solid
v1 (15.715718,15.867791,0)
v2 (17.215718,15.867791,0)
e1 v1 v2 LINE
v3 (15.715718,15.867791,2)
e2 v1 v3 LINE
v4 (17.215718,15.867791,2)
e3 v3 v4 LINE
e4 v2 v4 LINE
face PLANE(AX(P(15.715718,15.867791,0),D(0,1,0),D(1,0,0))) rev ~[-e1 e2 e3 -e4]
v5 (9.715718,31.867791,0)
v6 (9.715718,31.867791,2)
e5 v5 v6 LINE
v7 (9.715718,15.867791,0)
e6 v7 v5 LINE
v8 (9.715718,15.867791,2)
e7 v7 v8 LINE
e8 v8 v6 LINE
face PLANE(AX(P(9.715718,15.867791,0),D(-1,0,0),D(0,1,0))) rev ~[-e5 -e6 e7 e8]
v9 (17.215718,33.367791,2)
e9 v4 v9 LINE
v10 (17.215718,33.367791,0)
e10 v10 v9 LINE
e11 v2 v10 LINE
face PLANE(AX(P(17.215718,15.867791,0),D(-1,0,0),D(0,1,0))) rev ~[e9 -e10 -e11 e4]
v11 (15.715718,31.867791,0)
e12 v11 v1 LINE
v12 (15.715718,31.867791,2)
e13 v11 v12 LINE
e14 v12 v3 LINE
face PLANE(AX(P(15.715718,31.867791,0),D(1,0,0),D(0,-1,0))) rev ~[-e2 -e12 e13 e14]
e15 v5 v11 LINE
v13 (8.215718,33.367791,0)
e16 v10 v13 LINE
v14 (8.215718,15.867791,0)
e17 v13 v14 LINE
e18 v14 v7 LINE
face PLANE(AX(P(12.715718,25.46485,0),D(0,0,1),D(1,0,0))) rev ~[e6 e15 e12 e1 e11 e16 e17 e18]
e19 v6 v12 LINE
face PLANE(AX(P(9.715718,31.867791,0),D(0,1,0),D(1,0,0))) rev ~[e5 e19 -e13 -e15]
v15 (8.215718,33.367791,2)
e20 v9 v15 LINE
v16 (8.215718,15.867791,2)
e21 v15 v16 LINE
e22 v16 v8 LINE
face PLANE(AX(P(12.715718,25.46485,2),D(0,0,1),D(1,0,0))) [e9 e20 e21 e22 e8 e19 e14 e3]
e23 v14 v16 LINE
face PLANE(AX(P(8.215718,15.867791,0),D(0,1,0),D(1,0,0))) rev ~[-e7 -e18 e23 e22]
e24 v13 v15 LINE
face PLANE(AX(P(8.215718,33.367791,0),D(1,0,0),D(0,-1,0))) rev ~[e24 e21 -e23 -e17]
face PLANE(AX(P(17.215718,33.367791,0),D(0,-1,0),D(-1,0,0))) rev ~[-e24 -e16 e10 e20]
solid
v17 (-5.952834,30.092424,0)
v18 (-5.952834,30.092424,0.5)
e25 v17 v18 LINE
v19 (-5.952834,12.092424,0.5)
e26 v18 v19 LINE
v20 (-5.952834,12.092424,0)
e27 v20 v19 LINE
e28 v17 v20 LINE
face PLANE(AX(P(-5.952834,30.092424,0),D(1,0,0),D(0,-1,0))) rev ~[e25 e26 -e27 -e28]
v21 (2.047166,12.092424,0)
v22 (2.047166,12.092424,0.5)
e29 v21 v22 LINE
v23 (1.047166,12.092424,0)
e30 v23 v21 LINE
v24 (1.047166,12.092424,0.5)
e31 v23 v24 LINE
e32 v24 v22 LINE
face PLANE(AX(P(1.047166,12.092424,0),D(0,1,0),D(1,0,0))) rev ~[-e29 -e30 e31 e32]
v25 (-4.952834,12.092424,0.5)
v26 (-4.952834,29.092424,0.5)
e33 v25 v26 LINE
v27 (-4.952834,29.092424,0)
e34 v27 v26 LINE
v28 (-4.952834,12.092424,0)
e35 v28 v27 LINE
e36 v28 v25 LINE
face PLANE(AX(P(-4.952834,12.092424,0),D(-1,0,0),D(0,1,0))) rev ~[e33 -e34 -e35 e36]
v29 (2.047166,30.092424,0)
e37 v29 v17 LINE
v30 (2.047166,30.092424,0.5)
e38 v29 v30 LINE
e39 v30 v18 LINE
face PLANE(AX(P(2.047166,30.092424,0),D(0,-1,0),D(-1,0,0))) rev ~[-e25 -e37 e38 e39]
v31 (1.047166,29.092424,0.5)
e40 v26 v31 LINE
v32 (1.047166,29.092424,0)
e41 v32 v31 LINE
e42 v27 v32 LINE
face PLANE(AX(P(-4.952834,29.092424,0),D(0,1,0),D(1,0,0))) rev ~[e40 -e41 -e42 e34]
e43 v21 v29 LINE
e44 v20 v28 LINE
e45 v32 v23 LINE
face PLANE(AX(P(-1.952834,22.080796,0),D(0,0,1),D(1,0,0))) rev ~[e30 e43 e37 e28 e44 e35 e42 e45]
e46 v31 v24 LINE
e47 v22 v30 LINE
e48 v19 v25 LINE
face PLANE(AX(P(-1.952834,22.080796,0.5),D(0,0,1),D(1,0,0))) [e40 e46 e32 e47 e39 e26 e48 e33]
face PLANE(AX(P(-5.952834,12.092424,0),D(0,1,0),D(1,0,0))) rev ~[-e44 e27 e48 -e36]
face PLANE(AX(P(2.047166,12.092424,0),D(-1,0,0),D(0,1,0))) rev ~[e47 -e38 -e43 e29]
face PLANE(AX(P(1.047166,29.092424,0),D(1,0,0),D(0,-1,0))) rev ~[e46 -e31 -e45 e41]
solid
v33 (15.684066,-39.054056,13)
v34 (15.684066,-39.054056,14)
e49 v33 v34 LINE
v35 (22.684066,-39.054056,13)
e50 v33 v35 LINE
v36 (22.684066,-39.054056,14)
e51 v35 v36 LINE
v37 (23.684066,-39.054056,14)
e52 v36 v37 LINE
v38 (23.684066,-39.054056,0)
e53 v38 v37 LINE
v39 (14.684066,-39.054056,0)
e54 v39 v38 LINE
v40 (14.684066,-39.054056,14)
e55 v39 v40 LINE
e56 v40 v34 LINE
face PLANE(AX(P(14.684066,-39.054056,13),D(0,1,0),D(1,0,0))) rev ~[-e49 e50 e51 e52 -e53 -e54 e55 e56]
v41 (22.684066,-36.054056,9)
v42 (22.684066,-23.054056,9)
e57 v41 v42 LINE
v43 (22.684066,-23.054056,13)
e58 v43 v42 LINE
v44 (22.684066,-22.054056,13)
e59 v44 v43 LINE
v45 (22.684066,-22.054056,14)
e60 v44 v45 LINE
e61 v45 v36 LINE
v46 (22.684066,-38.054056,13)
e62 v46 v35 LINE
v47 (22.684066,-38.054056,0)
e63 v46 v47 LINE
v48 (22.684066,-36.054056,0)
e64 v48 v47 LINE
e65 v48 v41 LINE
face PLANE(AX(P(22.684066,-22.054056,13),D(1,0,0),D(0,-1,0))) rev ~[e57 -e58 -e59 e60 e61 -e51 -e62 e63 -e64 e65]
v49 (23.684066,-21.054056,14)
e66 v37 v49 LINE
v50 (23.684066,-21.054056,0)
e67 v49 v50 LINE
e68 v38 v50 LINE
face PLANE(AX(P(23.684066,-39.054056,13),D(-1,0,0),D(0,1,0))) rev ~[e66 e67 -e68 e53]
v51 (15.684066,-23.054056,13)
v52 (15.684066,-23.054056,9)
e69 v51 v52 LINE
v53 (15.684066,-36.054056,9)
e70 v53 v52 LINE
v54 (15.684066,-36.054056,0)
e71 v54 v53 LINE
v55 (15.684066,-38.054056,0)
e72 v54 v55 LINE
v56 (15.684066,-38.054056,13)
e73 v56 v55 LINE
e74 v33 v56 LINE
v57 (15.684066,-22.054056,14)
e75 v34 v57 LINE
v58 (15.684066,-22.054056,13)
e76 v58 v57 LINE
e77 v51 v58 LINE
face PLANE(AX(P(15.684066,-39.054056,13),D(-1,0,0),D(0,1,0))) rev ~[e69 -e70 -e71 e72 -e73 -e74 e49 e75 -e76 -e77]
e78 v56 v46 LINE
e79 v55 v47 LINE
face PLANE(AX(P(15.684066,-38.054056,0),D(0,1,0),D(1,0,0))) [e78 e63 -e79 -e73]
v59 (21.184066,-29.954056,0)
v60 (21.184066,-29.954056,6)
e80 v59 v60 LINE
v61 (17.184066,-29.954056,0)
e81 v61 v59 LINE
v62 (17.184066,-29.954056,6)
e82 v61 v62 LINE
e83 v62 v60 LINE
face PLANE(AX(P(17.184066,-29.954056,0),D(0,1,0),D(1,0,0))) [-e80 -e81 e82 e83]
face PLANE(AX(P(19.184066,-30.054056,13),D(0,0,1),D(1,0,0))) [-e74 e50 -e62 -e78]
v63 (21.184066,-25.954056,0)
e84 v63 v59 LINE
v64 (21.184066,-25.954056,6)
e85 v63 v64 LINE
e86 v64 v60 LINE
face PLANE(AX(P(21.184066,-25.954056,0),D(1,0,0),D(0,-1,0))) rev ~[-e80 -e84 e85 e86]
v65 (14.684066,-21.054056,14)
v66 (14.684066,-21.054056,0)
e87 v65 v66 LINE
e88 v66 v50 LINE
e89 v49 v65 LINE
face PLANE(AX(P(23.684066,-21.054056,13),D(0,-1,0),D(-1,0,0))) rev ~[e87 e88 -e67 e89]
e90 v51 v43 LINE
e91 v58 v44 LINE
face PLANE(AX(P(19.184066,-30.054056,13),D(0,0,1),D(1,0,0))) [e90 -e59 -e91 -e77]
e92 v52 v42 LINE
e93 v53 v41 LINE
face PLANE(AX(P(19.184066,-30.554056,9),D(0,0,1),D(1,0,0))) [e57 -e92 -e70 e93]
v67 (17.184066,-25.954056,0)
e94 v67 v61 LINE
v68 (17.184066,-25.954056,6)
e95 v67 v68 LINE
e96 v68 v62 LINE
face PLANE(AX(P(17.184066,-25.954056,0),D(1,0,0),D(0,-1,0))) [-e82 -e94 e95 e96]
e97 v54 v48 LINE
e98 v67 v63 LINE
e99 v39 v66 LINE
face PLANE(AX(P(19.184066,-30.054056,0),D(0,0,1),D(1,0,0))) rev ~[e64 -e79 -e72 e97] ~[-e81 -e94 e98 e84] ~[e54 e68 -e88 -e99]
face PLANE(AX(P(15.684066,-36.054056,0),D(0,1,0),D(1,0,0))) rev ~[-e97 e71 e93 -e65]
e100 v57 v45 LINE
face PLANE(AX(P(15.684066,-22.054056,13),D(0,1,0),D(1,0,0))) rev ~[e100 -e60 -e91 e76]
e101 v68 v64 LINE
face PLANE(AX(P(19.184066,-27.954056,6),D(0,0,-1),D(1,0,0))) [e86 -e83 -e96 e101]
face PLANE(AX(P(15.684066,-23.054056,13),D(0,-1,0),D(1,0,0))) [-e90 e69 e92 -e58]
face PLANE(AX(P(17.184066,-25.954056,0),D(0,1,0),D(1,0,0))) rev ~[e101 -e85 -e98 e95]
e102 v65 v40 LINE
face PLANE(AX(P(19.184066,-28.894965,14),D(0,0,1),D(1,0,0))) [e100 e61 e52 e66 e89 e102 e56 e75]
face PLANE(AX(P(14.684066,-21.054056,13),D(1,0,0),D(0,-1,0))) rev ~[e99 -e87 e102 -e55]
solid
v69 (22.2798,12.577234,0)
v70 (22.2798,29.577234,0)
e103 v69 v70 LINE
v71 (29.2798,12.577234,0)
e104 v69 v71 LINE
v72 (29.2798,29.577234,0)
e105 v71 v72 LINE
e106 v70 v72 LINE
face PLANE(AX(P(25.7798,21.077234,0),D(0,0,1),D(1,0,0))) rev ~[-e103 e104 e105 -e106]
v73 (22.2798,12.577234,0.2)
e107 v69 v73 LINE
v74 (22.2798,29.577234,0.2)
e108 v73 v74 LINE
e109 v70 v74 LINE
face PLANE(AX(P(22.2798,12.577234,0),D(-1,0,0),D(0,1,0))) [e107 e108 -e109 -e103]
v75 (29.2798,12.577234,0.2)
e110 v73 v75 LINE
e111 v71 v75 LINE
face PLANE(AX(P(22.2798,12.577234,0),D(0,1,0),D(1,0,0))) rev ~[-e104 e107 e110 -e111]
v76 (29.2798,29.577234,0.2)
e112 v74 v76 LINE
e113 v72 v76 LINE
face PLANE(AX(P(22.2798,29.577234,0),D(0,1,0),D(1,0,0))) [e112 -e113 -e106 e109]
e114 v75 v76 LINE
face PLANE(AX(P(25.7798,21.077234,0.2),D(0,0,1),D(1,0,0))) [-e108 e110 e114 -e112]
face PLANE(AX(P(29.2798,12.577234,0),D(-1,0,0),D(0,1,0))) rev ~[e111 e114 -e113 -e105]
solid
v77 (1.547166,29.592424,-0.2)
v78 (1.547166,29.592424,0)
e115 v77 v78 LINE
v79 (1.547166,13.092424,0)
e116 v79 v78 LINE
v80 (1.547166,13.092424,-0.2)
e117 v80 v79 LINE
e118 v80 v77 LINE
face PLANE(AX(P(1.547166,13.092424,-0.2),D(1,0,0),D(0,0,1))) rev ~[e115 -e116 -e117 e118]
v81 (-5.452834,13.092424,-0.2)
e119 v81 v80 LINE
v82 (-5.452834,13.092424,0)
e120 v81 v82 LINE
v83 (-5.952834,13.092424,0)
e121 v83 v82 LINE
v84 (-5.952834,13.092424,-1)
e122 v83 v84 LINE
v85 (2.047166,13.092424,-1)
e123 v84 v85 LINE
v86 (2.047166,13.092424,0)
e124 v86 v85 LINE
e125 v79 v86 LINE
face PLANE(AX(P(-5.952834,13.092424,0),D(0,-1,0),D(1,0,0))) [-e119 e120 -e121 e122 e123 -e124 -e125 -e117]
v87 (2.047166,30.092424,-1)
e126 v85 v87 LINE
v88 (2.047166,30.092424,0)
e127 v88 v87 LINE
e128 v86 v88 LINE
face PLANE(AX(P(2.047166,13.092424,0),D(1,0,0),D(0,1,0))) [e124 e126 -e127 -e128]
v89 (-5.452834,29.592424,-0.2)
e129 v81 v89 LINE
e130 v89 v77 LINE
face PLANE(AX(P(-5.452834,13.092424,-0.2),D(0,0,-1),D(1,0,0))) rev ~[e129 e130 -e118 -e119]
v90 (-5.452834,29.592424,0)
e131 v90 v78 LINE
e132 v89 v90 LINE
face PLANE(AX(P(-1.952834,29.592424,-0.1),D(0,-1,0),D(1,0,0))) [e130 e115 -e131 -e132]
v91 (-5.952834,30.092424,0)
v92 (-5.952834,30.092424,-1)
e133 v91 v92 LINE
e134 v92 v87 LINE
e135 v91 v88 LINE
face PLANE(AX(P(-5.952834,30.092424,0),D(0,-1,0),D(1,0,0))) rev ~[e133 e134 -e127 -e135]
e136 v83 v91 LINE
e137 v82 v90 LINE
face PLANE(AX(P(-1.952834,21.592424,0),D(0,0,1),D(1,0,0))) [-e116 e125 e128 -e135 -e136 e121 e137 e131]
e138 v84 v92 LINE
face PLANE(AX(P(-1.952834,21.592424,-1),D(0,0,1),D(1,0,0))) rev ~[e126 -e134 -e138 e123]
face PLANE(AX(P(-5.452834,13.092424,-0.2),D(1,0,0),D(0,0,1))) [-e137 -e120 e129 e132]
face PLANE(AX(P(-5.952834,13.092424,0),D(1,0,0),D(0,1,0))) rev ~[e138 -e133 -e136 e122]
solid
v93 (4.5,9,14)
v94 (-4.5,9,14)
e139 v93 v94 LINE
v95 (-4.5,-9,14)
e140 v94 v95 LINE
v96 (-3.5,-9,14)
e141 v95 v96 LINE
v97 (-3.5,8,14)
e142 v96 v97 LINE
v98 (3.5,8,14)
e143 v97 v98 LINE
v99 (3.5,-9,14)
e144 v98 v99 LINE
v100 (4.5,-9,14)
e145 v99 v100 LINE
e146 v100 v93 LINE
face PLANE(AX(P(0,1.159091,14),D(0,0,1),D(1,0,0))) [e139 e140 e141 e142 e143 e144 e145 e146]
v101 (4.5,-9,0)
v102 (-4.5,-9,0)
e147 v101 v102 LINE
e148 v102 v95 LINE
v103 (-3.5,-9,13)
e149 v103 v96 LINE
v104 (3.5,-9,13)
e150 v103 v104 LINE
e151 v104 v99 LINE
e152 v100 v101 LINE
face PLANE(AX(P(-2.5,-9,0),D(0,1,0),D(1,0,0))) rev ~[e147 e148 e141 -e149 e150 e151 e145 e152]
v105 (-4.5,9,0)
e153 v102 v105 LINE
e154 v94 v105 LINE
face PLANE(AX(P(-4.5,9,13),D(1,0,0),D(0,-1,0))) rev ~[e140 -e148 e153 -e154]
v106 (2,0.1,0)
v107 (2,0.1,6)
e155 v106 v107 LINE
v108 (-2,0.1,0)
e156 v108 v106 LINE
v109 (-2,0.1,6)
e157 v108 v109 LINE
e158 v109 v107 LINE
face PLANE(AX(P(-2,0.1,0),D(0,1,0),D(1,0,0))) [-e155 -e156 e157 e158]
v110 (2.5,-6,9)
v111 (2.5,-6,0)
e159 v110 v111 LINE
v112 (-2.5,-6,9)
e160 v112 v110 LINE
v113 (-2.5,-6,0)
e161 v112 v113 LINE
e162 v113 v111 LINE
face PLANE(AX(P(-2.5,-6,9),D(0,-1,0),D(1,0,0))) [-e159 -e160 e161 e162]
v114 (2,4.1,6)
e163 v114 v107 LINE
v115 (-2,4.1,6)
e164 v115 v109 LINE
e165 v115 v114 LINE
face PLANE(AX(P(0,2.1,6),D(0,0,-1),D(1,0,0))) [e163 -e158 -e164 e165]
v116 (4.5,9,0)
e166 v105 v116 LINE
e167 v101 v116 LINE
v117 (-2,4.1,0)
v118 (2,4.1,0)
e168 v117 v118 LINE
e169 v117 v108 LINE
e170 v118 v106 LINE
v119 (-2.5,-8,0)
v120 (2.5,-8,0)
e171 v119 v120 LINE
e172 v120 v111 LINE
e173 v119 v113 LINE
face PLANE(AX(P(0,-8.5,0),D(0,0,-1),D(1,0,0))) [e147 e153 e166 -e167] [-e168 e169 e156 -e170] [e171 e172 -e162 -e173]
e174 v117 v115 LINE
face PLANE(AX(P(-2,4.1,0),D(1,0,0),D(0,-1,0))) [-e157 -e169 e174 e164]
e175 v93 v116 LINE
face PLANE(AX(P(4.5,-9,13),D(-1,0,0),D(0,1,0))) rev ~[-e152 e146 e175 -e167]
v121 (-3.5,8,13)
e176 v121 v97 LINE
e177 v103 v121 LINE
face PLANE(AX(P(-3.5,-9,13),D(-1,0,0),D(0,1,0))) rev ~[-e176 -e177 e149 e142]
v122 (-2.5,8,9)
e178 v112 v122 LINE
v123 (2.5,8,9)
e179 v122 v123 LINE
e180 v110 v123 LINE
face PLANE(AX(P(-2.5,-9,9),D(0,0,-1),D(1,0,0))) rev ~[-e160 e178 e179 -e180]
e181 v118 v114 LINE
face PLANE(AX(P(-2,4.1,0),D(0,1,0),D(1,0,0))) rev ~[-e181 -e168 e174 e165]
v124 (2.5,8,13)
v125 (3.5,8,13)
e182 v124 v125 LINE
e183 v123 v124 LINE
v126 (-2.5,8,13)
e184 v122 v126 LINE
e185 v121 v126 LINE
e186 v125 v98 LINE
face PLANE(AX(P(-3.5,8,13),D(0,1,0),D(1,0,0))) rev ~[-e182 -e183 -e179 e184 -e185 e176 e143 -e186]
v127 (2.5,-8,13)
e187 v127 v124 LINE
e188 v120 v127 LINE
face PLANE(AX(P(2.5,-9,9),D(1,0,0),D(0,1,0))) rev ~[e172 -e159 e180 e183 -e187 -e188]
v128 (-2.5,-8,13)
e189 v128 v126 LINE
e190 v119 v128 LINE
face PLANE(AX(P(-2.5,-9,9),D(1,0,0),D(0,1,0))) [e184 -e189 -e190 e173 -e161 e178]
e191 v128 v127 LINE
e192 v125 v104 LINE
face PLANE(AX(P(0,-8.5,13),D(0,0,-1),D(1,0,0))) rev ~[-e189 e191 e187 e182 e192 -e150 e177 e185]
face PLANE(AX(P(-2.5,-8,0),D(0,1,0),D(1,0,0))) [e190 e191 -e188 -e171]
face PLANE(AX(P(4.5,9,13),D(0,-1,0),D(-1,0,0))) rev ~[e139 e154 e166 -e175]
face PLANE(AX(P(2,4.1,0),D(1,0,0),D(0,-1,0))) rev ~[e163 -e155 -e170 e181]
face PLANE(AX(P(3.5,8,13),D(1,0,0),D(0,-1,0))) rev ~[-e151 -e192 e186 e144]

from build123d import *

# Parameters (mm, degrees)
F0_W      = 9
F0_H      = 18
F1_DEPTH  = 13
F2_W      = 4
F2_H      = 4
F3_DEPTH  = 6
F4_W      = 5
F4_H      = 4
F5_DEPTH  = 17
F7_DEPTH  = 0.5
F8_W      = 8
F8_H      = 17
F9_DEPTH  = 1
F10_W     = 7
F10_H     = 0.2
F11_DEPTH = 16.5
F13_DEPTH = 2
F14_W     = 7
F14_H     = 17
F15_DEPTH = 0.2
F16_W     = 5
F16_H     = 3
F17_DEPTH = 25
F19_DEPTH = 1
F20_W     = 5
F20_H     = 1
F21_DEPTH = 13
F22_W     = 9
F22_H     = 18
F23_DEPTH = 13
F24_W     = 7
F24_H     = 15
F25_DEPTH = 4
F26_W     = 4
F26_H     = 4
F27_DEPTH = 6
F26_W_2   = 7
F26_H_2   = 2
F28_DEPTH = 9
F30_DEPTH = 1


with BuildPart() as f1:
    # F0 (on Top) → F1 (new body)
    with BuildSketch(Plane.XY):
        Rectangle(F0_W, F0_H)
    extrude(amount=F1_DEPTH)

    # F2 (on face) → F3 (cut)
    with BuildSketch(Plane(origin=(0, 0, 0), x_dir=(1, 0, 0), z_dir=(0, 0, -1))):
        with Locations((0, -2.1)):
            Rectangle(F2_W, F2_H)
    extrude(amount=-F3_DEPTH, mode=Mode.SUBTRACT)

    # F4 (on face) → F5 (cut)
    with BuildSketch(Plane.XZ.offset(9)):
        with Locations((0, 11)):
            Rectangle(F4_W, F4_H)
    extrude(amount=-F5_DEPTH, mode=Mode.SUBTRACT)

    # F16 (on face) → F17 (cut)
    with BuildSketch(Plane.XY.offset(9)):
        with Locations((0, -7.5)):
            Rectangle(F16_W, F16_H)
    extrude(amount=-F17_DEPTH, mode=Mode.SUBTRACT)

    # F18 (on face) → F19 (join)
    with BuildSketch(Plane.XY.offset(13)):
        Polygon((-4.5, 9), (-4.5, -9), (-3.5, -9), (-3.5, 8), (3.5, 8), (3.5, -9), (4.5, -9), (4.5, 9), align=None)
    extrude(amount=F19_DEPTH)

    # F20 (on face) → F21 (join)
    with BuildSketch(Plane(origin=(0, 0, 0), x_dir=(1, 0, 0), z_dir=(0, 0, -1))):
        with Locations((0, 8.5)):
            Rectangle(F20_W, F20_H)
    extrude(amount=-F21_DEPTH)


with BuildPart() as f7:
    # F6 (on Top) → F7 (new body)
    with BuildSketch(Plane.XY):
        Polygon((-5.952834, 30.092424), (-5.952834, 12.092424), (-4.952834, 12.092424), (-4.952834, 29.092424), (1.047166, 29.092424), (1.047166, 12.092424), (2.047166, 12.092424), (2.047166, 30.092424), align=None)
    extrude(amount=F7_DEPTH)


with BuildPart() as f9:
    # F8 (on Top) → F9 (new body)
    with BuildSketch(Plane.XY):
        with Locations((-1.952834, 21.592424)):
            Rectangle(F8_W, F8_H)
    extrude(amount=-F9_DEPTH)

    # F10 (on face) → F11 (cut)
    with BuildSketch(Plane.XZ.offset(-13.092424)):
        with Locations((-1.952834, -0.1)):
            Rectangle(F10_W, F10_H)
    extrude(amount=-F11_DEPTH, mode=Mode.SUBTRACT)


with BuildPart() as f13:
    # F12 (on Top) → F13 (new body)
    with BuildSketch(Plane.XY):
        Polygon((8.215718, 33.367791), (8.215718, 15.867791), (9.715718, 15.867791), (9.715718, 31.867791), (15.715718, 31.867791), (15.715718, 15.867791), (17.215718, 15.867791), (17.215718, 33.367791), align=None)
    extrude(amount=F13_DEPTH)


with BuildPart() as f15:
    # F14 (on Top) → F15 (new body)
    with BuildSketch(Plane.XY):
        with Locations((25.7798, 21.077234)):
            Rectangle(F14_W, F14_H)
    extrude(amount=F15_DEPTH)


with BuildPart() as f23:
    # F22 (on Top) → F23 (new body)
    with BuildSketch(Plane.XY):
        with Locations((19.184066, -30.054056)):
            Rectangle(F22_W, F22_H)
    extrude(amount=F23_DEPTH)

    # F24 (on face) → F25 (cut)
    with BuildSketch(Plane.XY.offset(13)):
        with Locations((19.184066, -30.554056)):
            Rectangle(F24_W, F24_H)
    extrude(amount=-F25_DEPTH, mode=Mode.SUBTRACT)

    # F26 (on face) → F27 (cut)
    with BuildSketch(Plane(origin=(0, 0, 0), x_dir=(1, 0, 0), z_dir=(0, 0, -1))):
        with Locations((19.184066, 27.954056)):
            Rectangle(F26_W, F26_H)
    extrude(amount=-F27_DEPTH, mode=Mode.SUBTRACT)

    # F26 (on face) → F28 (cut)
    with BuildSketch(Plane(origin=(0, 0, 0), x_dir=(1, 0, 0), z_dir=(0, 0, -1))):
        with Locations((19.184066, 37.054056)):
            Rectangle(F26_W_2, F26_H_2)
    extrude(amount=-F28_DEPTH, mode=Mode.SUBTRACT)

    # F29 (on face) → F30 (join)
    with BuildSketch(Plane.XY.offset(13)):
        Polygon((14.684066, -21.054056), (14.684066, -39.054056), (15.684066, -39.054056), (15.684066, -22.054056), (22.684066, -22.054056), (22.684066, -39.054056), (23.684066, -39.054056), (23.684066, -21.054056), align=None)
    extrude(amount=F30_DEPTH)


solid = Compound([f1.part, f7.part, f9.part, f13.part, f15.part, f23.part])
